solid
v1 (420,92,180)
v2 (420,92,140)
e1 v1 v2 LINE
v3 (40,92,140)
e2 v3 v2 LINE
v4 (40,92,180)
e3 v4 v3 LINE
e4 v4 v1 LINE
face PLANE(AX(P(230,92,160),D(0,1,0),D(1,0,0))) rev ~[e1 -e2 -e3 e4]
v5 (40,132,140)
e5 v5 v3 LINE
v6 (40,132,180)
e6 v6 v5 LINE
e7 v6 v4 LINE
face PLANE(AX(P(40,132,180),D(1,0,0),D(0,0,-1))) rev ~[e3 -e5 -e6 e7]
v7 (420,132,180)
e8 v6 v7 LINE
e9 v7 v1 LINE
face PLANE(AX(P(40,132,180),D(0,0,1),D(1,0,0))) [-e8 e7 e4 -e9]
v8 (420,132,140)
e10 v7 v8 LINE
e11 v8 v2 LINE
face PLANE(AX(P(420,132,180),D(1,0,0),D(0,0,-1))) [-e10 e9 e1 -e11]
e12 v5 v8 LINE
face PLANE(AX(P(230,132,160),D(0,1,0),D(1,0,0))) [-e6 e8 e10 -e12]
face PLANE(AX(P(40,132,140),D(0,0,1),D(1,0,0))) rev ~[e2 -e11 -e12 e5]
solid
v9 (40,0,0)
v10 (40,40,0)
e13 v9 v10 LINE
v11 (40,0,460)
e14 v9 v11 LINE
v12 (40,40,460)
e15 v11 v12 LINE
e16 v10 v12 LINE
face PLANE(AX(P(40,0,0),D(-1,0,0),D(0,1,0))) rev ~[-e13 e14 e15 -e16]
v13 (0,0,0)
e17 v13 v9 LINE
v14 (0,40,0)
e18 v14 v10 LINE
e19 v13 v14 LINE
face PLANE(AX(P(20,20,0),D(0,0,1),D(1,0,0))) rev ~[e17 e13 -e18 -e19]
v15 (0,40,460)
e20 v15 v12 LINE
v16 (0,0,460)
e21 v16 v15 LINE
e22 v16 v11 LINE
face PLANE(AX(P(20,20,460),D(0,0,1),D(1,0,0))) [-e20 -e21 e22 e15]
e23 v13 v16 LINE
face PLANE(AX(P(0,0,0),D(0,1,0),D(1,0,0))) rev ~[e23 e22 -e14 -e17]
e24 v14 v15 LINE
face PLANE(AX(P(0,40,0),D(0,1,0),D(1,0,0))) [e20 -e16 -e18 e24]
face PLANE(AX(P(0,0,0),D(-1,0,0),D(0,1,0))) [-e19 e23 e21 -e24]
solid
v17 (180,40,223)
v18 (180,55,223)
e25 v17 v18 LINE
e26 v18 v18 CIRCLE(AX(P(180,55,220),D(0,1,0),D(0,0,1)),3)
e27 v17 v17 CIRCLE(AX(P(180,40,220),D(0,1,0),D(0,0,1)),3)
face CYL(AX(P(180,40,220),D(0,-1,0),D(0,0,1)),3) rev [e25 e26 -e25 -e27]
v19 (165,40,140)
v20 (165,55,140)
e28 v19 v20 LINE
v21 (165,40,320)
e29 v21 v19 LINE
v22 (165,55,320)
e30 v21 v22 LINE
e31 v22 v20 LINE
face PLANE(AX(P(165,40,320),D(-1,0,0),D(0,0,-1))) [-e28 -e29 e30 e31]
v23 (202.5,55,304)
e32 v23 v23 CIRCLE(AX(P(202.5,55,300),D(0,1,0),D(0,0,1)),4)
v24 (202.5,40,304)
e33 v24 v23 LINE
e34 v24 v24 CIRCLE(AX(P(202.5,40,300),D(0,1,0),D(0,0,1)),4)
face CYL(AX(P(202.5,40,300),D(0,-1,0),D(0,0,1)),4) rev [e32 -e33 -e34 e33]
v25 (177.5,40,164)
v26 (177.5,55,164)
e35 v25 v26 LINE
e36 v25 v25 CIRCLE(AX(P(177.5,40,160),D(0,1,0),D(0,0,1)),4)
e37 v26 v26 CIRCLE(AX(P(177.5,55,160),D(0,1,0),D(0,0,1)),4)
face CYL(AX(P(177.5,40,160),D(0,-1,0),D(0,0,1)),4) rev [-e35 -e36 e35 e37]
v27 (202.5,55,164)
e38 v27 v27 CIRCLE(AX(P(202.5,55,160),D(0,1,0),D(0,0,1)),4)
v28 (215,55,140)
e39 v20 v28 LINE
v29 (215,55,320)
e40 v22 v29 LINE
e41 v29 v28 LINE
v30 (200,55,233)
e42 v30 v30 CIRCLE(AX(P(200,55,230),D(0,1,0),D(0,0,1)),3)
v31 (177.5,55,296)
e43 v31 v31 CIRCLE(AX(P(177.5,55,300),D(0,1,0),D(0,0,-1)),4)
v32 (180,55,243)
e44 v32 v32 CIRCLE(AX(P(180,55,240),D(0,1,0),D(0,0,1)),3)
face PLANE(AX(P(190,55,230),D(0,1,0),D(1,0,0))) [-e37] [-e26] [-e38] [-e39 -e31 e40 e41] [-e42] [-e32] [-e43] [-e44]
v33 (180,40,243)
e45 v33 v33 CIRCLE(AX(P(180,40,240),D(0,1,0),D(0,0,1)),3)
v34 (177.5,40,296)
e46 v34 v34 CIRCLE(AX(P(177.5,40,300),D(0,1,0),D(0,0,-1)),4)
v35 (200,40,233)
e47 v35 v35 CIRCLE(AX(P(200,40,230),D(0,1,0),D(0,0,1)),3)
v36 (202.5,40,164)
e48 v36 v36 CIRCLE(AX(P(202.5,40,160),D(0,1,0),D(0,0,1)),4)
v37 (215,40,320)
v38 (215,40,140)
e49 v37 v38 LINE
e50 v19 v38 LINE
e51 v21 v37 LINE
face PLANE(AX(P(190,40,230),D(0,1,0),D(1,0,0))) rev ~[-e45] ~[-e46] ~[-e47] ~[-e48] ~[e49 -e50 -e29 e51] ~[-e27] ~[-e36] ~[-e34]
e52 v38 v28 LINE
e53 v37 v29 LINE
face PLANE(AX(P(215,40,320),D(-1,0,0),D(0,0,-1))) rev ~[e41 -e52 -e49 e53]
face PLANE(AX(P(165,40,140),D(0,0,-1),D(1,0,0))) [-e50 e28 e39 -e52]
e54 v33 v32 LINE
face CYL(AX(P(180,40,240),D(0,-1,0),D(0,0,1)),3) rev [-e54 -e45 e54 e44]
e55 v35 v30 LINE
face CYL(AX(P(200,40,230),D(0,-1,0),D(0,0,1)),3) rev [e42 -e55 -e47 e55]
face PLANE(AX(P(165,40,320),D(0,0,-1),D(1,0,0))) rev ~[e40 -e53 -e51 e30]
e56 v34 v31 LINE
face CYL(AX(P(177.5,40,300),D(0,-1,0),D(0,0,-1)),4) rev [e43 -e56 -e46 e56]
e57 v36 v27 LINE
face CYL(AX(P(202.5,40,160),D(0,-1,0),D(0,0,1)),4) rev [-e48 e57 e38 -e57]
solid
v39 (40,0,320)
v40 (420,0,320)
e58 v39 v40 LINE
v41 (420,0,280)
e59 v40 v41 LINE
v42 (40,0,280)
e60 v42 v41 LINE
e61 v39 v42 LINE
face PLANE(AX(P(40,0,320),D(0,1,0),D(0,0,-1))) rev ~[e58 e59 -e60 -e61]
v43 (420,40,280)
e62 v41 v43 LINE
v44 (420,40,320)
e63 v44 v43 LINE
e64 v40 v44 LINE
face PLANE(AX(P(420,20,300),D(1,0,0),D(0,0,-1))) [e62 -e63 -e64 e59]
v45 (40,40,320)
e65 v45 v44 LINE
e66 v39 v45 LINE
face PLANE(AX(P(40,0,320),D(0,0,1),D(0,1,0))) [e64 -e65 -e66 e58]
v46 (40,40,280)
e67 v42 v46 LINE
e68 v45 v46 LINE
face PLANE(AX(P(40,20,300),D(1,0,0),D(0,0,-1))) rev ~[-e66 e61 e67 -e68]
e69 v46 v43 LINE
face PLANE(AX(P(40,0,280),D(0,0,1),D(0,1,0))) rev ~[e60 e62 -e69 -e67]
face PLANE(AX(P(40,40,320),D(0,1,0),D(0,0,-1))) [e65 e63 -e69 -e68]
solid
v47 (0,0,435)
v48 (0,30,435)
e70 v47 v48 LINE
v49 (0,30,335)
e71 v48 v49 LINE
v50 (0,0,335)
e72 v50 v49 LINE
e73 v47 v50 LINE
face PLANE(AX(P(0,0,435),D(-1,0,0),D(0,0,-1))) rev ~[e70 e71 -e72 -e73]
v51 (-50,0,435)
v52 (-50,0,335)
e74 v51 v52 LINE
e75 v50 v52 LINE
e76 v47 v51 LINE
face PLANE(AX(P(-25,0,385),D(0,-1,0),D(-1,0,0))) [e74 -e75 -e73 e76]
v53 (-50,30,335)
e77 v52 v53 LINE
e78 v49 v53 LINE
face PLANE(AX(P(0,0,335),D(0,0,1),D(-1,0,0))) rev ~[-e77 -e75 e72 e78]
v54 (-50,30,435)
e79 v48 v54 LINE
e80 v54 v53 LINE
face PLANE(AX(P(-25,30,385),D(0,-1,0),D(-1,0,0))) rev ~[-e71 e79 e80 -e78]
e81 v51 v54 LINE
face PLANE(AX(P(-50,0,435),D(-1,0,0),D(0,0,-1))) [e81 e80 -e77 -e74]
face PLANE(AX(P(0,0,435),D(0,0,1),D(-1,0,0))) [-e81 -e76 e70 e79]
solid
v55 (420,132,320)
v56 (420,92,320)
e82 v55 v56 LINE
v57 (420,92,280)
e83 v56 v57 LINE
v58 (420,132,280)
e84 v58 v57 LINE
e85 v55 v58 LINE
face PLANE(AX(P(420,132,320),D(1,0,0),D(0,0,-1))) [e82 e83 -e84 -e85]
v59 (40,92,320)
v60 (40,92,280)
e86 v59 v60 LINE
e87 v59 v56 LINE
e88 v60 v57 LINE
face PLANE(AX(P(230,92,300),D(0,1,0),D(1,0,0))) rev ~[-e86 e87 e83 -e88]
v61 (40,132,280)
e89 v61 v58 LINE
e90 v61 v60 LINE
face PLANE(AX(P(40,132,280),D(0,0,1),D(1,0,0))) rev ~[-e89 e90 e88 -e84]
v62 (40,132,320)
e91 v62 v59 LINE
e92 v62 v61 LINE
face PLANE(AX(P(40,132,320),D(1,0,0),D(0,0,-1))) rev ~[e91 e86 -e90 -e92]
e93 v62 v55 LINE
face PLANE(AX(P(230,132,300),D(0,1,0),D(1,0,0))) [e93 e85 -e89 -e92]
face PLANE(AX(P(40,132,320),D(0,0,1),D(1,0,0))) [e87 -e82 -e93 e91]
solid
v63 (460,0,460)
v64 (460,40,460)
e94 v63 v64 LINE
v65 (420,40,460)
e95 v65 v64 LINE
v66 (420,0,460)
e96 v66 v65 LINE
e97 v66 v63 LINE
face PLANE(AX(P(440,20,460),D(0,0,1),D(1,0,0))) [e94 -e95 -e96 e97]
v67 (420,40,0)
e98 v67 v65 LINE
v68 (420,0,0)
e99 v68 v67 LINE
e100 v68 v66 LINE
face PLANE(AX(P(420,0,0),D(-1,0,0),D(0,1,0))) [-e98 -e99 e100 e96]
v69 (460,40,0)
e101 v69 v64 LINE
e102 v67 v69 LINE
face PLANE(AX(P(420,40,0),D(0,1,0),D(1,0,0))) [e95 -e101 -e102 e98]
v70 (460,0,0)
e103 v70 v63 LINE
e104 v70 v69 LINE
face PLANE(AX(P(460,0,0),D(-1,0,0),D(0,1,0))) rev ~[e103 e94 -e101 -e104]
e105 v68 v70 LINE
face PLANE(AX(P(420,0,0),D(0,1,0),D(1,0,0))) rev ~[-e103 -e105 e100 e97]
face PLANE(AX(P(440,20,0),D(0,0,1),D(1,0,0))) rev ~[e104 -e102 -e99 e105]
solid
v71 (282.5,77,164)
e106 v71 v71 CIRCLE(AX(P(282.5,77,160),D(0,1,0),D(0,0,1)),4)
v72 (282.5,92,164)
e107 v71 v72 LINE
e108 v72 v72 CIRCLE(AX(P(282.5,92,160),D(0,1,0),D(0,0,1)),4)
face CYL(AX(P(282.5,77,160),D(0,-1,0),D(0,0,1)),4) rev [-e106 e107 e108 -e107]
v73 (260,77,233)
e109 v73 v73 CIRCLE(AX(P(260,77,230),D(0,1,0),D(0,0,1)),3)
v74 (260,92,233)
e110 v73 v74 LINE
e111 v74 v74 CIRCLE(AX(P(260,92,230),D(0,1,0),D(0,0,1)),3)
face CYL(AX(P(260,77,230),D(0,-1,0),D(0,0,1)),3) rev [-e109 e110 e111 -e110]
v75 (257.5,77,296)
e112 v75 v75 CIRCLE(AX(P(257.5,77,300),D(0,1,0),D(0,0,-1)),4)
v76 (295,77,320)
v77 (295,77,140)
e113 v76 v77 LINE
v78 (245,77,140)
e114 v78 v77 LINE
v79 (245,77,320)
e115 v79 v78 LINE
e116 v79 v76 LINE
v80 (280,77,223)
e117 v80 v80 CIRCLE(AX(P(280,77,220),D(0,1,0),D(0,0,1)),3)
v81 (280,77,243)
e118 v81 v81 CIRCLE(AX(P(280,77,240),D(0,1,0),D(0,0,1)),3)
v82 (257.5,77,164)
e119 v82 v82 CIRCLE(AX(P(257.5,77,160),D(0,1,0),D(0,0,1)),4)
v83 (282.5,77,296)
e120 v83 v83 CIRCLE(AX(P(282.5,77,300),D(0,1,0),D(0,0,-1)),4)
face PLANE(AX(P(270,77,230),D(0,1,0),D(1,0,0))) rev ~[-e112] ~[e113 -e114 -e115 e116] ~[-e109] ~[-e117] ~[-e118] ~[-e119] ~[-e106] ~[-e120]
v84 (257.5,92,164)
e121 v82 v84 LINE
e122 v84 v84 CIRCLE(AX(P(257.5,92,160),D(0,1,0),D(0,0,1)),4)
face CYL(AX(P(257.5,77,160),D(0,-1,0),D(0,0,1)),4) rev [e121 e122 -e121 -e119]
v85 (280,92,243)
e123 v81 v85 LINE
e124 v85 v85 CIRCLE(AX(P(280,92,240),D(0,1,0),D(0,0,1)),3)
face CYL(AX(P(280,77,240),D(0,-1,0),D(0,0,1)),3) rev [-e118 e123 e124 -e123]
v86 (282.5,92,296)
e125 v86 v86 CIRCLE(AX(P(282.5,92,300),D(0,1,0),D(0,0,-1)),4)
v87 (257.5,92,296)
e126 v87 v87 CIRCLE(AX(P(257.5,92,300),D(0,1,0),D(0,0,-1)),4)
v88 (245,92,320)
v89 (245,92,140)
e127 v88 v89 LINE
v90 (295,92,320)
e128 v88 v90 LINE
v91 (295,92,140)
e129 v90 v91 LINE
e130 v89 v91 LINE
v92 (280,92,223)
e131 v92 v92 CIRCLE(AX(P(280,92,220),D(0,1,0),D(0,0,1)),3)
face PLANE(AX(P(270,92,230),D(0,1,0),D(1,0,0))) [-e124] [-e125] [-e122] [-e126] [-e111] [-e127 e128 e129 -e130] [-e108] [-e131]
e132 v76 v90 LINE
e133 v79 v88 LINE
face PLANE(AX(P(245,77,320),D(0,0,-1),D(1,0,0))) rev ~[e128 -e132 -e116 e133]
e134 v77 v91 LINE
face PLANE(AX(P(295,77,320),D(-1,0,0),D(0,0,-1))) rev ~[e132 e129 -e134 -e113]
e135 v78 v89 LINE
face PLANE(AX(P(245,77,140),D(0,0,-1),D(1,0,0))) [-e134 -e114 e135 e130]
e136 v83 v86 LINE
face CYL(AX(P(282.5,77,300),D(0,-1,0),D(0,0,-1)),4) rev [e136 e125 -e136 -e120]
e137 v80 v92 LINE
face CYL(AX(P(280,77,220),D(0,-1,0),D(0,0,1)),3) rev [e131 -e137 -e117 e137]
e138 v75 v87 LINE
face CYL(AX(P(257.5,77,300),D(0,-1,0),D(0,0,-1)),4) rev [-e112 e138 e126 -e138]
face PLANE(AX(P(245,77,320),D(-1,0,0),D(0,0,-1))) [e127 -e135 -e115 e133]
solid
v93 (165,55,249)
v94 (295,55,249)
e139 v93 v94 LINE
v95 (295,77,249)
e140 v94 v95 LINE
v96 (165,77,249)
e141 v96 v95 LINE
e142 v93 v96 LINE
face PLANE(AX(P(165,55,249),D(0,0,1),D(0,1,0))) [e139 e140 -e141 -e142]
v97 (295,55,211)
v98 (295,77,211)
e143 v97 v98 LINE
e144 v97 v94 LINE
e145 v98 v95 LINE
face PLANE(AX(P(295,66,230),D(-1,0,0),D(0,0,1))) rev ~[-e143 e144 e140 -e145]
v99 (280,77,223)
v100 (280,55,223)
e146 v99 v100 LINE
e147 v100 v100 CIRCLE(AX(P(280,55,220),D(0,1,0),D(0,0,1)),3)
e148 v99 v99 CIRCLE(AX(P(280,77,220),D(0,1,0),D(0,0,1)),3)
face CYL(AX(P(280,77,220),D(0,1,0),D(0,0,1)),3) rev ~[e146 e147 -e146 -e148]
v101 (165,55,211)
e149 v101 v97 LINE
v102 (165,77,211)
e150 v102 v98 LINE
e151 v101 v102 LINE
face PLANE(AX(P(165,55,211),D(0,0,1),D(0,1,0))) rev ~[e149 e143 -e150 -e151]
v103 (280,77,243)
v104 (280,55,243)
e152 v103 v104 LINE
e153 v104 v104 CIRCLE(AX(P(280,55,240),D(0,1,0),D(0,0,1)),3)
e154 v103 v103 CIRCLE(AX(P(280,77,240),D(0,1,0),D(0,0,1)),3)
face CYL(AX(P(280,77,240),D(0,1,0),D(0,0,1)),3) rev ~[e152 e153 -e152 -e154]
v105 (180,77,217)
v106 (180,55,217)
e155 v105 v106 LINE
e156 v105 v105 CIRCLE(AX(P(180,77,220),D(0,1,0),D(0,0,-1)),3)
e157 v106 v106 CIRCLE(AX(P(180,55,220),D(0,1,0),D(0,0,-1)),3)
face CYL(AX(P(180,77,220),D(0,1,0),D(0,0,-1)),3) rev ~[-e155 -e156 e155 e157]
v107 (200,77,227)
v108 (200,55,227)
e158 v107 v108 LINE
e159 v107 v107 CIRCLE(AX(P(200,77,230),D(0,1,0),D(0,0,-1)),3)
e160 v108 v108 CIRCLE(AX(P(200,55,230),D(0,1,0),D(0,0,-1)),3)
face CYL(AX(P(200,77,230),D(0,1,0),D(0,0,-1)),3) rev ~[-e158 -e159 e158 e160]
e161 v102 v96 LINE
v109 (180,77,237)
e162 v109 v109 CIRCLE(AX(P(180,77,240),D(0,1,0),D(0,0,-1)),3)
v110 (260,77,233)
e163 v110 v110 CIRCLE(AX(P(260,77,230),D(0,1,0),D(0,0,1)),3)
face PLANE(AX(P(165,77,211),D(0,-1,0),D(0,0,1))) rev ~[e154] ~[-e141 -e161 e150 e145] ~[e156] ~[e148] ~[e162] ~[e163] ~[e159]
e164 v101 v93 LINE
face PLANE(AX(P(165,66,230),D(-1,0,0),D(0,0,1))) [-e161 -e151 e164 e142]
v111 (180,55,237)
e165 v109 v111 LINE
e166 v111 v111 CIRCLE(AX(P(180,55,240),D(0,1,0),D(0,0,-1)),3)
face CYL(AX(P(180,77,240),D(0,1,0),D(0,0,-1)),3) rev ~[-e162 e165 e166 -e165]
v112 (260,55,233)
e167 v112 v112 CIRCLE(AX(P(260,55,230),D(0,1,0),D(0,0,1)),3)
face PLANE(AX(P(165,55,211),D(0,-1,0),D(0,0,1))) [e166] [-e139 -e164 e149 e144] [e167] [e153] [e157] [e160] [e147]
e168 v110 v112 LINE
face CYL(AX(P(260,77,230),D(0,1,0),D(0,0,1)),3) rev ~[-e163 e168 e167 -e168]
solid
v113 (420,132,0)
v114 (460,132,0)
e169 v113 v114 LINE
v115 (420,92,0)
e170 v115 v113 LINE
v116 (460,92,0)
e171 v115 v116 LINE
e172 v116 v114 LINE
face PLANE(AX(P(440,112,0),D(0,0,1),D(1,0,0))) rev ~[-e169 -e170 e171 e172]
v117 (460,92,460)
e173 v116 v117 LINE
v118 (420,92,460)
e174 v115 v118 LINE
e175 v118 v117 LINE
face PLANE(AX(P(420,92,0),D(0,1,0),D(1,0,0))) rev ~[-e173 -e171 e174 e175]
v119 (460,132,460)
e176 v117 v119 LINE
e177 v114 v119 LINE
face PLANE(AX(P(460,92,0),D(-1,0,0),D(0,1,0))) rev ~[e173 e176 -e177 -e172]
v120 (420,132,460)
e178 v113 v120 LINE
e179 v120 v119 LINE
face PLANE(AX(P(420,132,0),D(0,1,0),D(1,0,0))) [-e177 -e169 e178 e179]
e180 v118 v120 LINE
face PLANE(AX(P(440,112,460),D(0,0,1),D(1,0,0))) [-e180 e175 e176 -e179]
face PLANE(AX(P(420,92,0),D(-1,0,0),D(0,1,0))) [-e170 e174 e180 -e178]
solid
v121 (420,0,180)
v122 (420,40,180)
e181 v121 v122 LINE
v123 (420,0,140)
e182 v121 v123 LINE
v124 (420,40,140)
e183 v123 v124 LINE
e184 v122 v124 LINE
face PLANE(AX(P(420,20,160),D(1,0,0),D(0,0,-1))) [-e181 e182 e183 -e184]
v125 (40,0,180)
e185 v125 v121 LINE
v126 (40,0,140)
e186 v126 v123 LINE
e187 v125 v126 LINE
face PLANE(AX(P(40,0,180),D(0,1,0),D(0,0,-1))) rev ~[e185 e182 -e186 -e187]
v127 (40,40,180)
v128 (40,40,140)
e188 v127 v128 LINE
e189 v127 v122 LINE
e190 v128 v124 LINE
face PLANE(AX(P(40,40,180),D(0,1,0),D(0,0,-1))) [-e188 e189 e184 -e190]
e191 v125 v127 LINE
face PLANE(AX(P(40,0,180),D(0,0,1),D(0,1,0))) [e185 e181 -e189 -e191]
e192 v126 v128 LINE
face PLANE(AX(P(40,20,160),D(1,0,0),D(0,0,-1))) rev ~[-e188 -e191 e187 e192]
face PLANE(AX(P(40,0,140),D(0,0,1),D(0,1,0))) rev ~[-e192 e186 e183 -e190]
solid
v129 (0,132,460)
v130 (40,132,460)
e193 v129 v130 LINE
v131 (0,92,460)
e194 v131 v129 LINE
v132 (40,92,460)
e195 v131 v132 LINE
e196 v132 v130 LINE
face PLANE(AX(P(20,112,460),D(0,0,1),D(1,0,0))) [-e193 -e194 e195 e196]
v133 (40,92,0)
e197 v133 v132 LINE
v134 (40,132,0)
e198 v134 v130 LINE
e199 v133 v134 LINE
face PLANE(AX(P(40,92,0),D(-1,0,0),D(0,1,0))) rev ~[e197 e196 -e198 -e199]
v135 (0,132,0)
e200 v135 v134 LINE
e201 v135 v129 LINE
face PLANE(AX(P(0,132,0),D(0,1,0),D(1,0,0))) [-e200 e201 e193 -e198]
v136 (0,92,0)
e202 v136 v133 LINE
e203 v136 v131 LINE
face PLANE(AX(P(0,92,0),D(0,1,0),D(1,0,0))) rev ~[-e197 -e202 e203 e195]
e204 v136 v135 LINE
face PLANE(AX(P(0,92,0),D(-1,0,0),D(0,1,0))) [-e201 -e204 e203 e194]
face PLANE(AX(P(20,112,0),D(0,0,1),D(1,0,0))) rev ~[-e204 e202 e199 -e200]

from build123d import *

# Parameters (mm, degrees)
SKETCH1_W             = 40
SKETCH1_H             = 40
BOSS_EXTRUDE1_DEPTH   = 460
SKETCH2_W             = 40
SKETCH2_H             = 40
BOSS_EXTRUDE2_DEPTH   = 380
BOSS_EXTRUDE2_2_DEPTH = 380
SKETCH3_W             = 40
SKETCH3_H             = 40
BOSS_EXTRUDE3_DEPTH   = 460
SKETCH4_W             = 50
SKETCH4_H             = 180
SKETCH4_R             = 4
SKETCH4_R_2           = 3
BOSS_EXTRUDE4_DEPTH   = 15
SKETCH5_W             = 38
SKETCH5_H             = 22
BOSS_EXTRUDE5_DEPTH   = 130
SKETCH6_R             = 3
CUT_EXTRUDE1_DEPTH    = 22
SKETCH7_W             = 50
SKETCH7_H             = 180
SKETCH7_R             = 3
SKETCH7_R_2           = 4
BOSS_EXTRUDE6_DEPTH   = 15
SKETCH8_W             = 40
SKETCH8_H             = 40
BOSS_EXTRUDE7_DEPTH   = 460
BOSS_EXTRUDE7_2_DEPTH = 460
SKETCH9_W             = 380
SKETCH9_H             = 40
BOSS_EXTRUDE8_DEPTH   = 40
BOSS_EXTRUDE8_2_DEPTH = 40
SKETCH11_W            = 50
SKETCH11_H            = 100
BOSS_EXTRUDE10_DEPTH  = 30


with BuildPart() as part:
    # Sketch1 → Boss-Extrude1 (new body)
    with BuildSketch(Plane.XY):
        with Locations((20, 20)):
            Rectangle(SKETCH1_W, SKETCH1_H)
    extrude(amount=BOSS_EXTRUDE1_DEPTH)


with BuildPart() as body_2:
    # Sketch2 → Boss-Extrude2 (new body)
    with BuildSketch(Plane(origin=(40, 0, 0), x_dir=(0, 0, -1), z_dir=(1, 0, 0))):
        with Locations((-300, 20)):
            Rectangle(SKETCH2_W, SKETCH2_H)
    extrude(amount=BOSS_EXTRUDE2_DEPTH)


with BuildPart() as body_3:
    # Sketch2 → Boss-Extrude2 2 (new body)
    with BuildSketch(Plane(origin=(40, 0, 0), x_dir=(0, 0, -1), z_dir=(1, 0, 0))):
        with Locations((-160, 20)):
            Rectangle(SKETCH2_W, SKETCH2_H)
    extrude(amount=BOSS_EXTRUDE2_2_DEPTH)


with BuildPart() as body_4:
    # Sketch3 → Boss-Extrude3 (new body)
    with BuildSketch(Plane.XY):
        with Locations((440, 20)):
            Rectangle(SKETCH3_W, SKETCH3_H)
    extrude(amount=BOSS_EXTRUDE3_DEPTH)


with BuildPart() as body_5:
    # Sketch4 → Boss-Extrude4 (new body)
    with BuildSketch(Plane(origin=(0, 40, 0), x_dir=(1, 0, 0), z_dir=(0, 1, 0))):
        with Locations((190, -230)):
            Rectangle(SKETCH4_W, SKETCH4_H)
        with Locations(Location((177.5, -160, 0), (0, 0, 270))):
            Circle(SKETCH4_R, mode=Mode.SUBTRACT)
        with Locations(Location((202.5, -160, 0), (0, 0, 270))):
            Circle(SKETCH4_R, mode=Mode.SUBTRACT)
        with Locations(Location((202.5, -300, 0), (0, 0, 270))):
            Circle(SKETCH4_R, mode=Mode.SUBTRACT)
        with Locations(Location((177.5, -300, 0), (0, 0, 90))):
            Circle(SKETCH4_R, mode=Mode.SUBTRACT)
        with Locations(Location((180, -220, 0), (0, 0, 270))):
            Circle(SKETCH4_R_2, mode=Mode.SUBTRACT)
        with Locations(Location((180, -240, 0), (0, 0, 270))):
            Circle(SKETCH4_R_2, mode=Mode.SUBTRACT)
        with Locations(Location((200, -230, 0), (0, 0, 270))):
            Circle(SKETCH4_R_2, mode=Mode.SUBTRACT)
    extrude(amount=BOSS_EXTRUDE4_DEPTH)


with BuildPart() as body_6:
    # Sketch5 → Boss-Extrude5 (new body)
    with BuildSketch(Plane.ZY.offset(-165)):
        with Locations((230, 66)):
            Rectangle(SKETCH5_W, SKETCH5_H)
    extrude(amount=-BOSS_EXTRUDE5_DEPTH)

    # Sketch6 → Cut-Extrude1 (cut)
    with BuildSketch(Plane(origin=(0, 77, 0), x_dir=(1, 0, 0), z_dir=(0, 1, 0))):
        with Locations(Location((280, -240, 0), (0, 0, 270))):
            Circle(SKETCH6_R)
        with Locations(Location((260, -230, 0), (0, 0, 270))):
            Circle(SKETCH6_R)
        with Locations(Location((280, -220, 0), (0, 0, 270))):
            Circle(SKETCH6_R)
        with Locations(Location((180, -240, 0), (0, 0, 90))):
            Circle(SKETCH6_R)
        with Locations(Location((180, -220, 0), (0, 0, 90))):
            Circle(SKETCH6_R)
        with Locations(Location((200, -230, 0), (0, 0, 90))):
            Circle(SKETCH6_R)
    extrude(amount=-CUT_EXTRUDE1_DEPTH, mode=Mode.SUBTRACT)


with BuildPart() as body_7:
    # Sketch7 → Boss-Extrude6 (new body)
    with BuildSketch(Plane(origin=(0, 77, 0), x_dir=(1, 0, 0), z_dir=(0, 1, 0))):
        with Locations((270, -230)):
            Rectangle(SKETCH7_W, SKETCH7_H)
        with Locations(Location((260, -230, 0), (0, 0, 270))):
            Circle(SKETCH7_R, mode=Mode.SUBTRACT)
        with Locations(Location((280, -220, 0), (0, 0, 270))):
            Circle(SKETCH7_R, mode=Mode.SUBTRACT)
        with Locations(Location((280, -240, 0), (0, 0, 270))):
            Circle(SKETCH7_R, mode=Mode.SUBTRACT)
        with Locations(Location((257.5, -160, 0), (0, 0, 270))):
            Circle(SKETCH7_R_2, mode=Mode.SUBTRACT)
        with Locations(Location((282.5, -160, 0), (0, 0, 270))):
            Circle(SKETCH7_R_2, mode=Mode.SUBTRACT)
        with Locations(Location((282.5, -300, 0), (0, 0, 90))):
            Circle(SKETCH7_R_2, mode=Mode.SUBTRACT)
        with Locations(Location((257.5, -300, 0), (0, 0, 90))):
            Circle(SKETCH7_R_2, mode=Mode.SUBTRACT)
    extrude(amount=BOSS_EXTRUDE6_DEPTH)


with BuildPart() as body_8:
    # Sketch8 → Boss-Extrude7 (new body)
    with BuildSketch(Plane.XY):
        with Locations((440, 112)):
            Rectangle(SKETCH8_W, SKETCH8_H)
    extrude(amount=BOSS_EXTRUDE7_DEPTH)


with BuildPart() as body_9:
    # Sketch8 → Boss-Extrude7 2 (new body)
    with BuildSketch(Plane.XY):
        with Locations((20, 112)):
            Rectangle(SKETCH8_W, SKETCH8_H)
    extrude(amount=BOSS_EXTRUDE7_2_DEPTH)


with BuildPart() as body_10:
    # Sketch9 → Boss-Extrude8 (new body)
    with BuildSketch(Plane(origin=(0, 132, 0), x_dir=(1, 0, 0), z_dir=(0, 1, 0))):
        with Locations((230, -160)):
            Rectangle(SKETCH9_W, SKETCH9_H)
    extrude(amount=-BOSS_EXTRUDE8_DEPTH)


with BuildPart() as body_11:
    # Sketch9 → Boss-Extrude8 2 (new body)
    with BuildSketch(Plane(origin=(0, 132, 0), x_dir=(1, 0, 0), z_dir=(0, 1, 0))):
        with Locations((230, -300)):
            Rectangle(SKETCH9_W, SKETCH9_H)
    extrude(amount=-BOSS_EXTRUDE8_2_DEPTH)


with BuildPart() as body_12:
    # Sketch11 → Boss-Extrude10 (new body)
    with BuildSketch(Plane(origin=(0, 0, 0), x_dir=(-1, 0, 0), z_dir=(0, -1, 0))):
        with Locations((25, -385)):
            Rectangle(SKETCH11_W, SKETCH11_H)
    extrude(amount=-BOSS_EXTRUDE10_DEPTH)


solid = Compound([part.part, body_2.part, body_3.part, body_4.part, body_5.part, body_6.part, body_7.part, body_8.part, body_9.part, body_10.part, body_11.part, body_12.part])
